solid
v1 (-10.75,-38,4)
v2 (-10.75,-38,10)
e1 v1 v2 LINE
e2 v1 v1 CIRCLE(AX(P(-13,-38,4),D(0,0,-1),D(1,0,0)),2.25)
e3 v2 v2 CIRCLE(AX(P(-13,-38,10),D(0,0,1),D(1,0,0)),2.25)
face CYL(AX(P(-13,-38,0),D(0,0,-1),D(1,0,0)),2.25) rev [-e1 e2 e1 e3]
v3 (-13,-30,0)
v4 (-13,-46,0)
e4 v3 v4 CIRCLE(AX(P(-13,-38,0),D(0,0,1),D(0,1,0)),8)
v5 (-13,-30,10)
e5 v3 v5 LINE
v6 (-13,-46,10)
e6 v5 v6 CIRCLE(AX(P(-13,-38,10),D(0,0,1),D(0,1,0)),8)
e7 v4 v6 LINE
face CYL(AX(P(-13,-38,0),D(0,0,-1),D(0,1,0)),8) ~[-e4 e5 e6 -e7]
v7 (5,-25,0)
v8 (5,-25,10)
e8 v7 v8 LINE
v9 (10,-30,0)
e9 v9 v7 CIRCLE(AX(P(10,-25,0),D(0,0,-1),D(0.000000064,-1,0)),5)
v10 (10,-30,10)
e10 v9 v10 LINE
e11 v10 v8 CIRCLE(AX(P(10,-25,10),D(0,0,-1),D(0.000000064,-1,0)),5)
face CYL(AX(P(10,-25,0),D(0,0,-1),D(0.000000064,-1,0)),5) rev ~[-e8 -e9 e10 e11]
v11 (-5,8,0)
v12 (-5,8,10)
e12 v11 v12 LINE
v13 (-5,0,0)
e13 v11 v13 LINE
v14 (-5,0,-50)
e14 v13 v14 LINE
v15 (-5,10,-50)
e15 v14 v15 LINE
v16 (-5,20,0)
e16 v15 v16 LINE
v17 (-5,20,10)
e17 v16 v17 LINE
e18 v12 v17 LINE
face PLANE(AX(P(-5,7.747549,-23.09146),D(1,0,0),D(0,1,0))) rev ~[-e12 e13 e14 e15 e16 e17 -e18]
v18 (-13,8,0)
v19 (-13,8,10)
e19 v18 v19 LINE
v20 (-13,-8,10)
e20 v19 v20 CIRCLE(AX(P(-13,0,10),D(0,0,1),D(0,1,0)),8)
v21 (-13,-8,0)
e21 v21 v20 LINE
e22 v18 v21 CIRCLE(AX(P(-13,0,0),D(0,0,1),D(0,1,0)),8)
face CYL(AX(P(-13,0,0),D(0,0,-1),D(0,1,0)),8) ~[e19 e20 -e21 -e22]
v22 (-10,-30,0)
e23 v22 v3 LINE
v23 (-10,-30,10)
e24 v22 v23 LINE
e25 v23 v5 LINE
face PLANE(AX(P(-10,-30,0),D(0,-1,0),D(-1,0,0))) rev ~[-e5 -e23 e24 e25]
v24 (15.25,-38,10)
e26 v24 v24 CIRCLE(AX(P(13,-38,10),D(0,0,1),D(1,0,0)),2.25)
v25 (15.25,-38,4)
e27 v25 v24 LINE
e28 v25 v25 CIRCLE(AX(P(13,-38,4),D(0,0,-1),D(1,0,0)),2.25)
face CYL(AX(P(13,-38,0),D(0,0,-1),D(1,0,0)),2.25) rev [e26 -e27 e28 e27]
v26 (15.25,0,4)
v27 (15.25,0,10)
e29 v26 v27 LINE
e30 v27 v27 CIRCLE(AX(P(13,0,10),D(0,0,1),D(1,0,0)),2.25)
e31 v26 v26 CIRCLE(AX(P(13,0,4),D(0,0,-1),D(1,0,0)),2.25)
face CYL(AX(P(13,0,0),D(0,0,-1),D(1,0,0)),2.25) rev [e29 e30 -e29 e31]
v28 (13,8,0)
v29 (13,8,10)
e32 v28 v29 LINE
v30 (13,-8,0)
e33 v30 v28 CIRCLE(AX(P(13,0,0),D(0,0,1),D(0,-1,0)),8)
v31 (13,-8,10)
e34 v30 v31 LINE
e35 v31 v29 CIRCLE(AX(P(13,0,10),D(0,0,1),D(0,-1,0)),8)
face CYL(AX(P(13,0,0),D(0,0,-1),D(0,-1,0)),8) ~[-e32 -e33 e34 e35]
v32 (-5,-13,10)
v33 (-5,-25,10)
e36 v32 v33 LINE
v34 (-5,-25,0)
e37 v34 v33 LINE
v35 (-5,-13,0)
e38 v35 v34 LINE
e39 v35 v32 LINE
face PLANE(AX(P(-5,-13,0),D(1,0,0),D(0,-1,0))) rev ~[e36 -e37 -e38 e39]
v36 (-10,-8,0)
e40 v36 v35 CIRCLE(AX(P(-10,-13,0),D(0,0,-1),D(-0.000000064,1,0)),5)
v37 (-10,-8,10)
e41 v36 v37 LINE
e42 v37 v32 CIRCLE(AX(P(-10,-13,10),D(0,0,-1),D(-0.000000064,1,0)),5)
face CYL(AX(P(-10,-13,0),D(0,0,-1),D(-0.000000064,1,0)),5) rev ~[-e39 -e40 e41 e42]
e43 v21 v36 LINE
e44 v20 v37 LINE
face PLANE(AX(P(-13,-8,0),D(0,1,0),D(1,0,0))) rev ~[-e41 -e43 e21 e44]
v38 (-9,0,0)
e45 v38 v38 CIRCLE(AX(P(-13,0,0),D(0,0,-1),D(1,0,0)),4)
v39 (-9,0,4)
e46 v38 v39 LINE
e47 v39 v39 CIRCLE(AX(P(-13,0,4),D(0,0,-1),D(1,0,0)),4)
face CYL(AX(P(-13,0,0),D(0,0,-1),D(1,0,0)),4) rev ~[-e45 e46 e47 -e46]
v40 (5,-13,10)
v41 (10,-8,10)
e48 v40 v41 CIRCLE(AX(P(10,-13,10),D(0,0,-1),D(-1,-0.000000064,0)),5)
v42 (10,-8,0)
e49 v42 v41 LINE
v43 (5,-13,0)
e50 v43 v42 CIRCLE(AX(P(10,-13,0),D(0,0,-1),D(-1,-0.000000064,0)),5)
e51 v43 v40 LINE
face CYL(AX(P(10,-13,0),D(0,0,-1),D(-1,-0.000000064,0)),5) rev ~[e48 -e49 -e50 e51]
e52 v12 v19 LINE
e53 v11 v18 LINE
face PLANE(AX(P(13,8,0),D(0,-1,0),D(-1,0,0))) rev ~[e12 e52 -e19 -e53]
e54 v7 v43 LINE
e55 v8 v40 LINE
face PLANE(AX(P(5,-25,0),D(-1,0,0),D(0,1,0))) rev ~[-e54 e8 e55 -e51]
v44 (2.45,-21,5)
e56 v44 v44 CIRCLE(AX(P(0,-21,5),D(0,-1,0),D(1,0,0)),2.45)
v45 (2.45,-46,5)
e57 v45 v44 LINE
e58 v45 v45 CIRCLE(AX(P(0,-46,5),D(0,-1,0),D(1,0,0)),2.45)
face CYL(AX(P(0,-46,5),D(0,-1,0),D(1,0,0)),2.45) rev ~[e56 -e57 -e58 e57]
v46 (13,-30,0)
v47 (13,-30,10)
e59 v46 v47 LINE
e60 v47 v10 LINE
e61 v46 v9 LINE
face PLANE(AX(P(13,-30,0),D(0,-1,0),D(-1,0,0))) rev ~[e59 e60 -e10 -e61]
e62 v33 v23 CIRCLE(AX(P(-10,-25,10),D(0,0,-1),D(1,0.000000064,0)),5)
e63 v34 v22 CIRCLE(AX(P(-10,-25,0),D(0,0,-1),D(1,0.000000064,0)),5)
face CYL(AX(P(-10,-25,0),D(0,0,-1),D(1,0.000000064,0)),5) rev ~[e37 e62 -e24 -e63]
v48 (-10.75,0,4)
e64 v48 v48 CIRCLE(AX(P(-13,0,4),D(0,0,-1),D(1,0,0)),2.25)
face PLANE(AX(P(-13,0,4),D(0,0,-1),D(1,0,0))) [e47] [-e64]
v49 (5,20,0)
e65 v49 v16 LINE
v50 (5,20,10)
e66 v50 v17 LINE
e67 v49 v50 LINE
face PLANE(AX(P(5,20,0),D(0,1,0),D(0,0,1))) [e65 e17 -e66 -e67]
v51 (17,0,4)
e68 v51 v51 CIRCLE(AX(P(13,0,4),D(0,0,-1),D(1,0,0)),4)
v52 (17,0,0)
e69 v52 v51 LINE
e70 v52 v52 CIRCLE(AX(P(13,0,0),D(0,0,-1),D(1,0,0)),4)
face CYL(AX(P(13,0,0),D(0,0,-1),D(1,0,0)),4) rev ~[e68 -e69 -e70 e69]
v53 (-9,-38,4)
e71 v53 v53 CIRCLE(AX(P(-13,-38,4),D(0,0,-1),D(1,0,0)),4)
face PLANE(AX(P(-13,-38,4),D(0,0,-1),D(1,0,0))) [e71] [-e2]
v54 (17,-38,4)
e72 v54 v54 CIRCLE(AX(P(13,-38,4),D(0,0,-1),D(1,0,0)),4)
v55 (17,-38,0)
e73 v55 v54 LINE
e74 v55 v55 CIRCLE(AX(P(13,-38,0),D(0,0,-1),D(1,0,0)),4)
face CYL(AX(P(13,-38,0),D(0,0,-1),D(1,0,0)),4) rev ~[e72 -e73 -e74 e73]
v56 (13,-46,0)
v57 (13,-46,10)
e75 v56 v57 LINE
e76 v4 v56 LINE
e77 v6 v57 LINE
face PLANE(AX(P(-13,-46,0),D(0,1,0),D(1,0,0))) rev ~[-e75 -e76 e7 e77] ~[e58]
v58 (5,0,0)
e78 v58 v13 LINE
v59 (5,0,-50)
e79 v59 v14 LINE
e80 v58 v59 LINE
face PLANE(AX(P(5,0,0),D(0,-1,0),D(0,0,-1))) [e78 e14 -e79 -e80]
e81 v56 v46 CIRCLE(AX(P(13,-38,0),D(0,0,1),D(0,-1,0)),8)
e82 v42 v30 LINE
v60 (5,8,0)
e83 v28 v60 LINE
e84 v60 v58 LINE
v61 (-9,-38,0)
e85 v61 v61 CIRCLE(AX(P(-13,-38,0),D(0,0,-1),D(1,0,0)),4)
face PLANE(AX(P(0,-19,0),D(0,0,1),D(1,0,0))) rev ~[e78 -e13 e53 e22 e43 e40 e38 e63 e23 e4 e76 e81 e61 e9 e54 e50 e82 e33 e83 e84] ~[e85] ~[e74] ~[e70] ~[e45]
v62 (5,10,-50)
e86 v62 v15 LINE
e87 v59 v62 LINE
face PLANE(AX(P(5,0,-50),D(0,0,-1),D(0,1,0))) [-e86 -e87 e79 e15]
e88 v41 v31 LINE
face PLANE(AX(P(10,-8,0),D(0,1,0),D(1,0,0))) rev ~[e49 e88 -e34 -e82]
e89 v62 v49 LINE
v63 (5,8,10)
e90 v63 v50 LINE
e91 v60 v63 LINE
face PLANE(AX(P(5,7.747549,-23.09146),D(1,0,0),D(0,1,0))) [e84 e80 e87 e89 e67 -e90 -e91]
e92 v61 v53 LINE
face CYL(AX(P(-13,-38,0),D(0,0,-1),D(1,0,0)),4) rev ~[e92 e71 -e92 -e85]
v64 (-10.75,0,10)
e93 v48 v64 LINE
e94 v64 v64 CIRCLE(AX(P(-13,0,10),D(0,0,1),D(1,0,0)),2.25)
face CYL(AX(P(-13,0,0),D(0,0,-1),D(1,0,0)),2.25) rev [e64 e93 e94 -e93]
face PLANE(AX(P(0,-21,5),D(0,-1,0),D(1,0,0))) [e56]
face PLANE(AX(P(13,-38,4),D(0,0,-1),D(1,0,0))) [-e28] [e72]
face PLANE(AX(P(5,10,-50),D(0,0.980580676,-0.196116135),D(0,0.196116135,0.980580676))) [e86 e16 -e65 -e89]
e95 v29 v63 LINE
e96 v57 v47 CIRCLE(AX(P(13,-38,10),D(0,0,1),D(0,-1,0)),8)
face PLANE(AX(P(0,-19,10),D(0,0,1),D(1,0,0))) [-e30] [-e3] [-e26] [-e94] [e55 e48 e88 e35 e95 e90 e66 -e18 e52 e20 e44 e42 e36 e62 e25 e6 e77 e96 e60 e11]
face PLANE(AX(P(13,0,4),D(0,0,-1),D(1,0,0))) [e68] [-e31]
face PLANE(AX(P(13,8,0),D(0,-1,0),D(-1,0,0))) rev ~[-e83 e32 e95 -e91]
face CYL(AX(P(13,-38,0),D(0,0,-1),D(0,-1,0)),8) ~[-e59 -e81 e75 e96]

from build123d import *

# Parameters (mm, degrees)
F0_R     = 2.25
F1_DEPTH = 10
F2_W     = 12
F2_H     = 10
F3_DEPTH = 10
F4_R     = 2.45
F5_DEPTH = 25
F6_R     = 4
F7_DEPTH = 4


with BuildPart() as f1:
    # F0 (on Top) → F1 (new body)
    with BuildSketch(Plane.XY):
        with BuildLine():
            Line((13, 8), (0, 8))
            Line((0, 8), (-13, 8))
            ThreePointArc((-13, 8), (-21, 0), (-13, -8))
            Line((-13, -8), (-10, -8))
            ThreePointArc((-10, -8), (-6.464466, -9.464466), (-5, -13))
            Line((-5, -13), (-5, -25))
            ThreePointArc((-5, -25), (-6.464466, -28.535534), (-10, -30))
            Line((-10, -30), (-13, -30))
            ThreePointArc((-13, -30), (-21, -38), (-13, -46))
            Line((-13, -46), (0, -46))
            Line((0, -46), (13, -46))
            ThreePointArc((13, -46), (21, -38), (13, -30))
            Line((13, -30), (10, -30))
            ThreePointArc((10, -30), (6.464466, -28.535534), (5, -25))
            Line((5, -25), (5, -13))
            ThreePointArc((5, -13), (6.464466, -9.464466), (10, -8))
            Line((10, -8), (13, -8))
            ThreePointArc((13, -8), (21, 0), (13, 8))
        make_face()
        with Locations((-13, -38)):
            Circle(F0_R, mode=Mode.SUBTRACT)
        with Locations((13, -38)):
            Circle(F0_R, mode=Mode.SUBTRACT)
        with Locations((-13, 0)):
            Circle(F0_R, mode=Mode.SUBTRACT)
        with Locations((13, 0)):
            Circle(F0_R, mode=Mode.SUBTRACT)
    extrude(amount=F1_DEPTH)

    # F2 (on face) → F3 (join)
    with BuildSketch(Plane.YZ.offset(5)):
        Polygon((8, 0), (0, 0), (0, -50), (10, -50), (20, 0), align=None)
        with Locations((14, 5)):
            Rectangle(F2_W, F2_H)
    extrude(amount=-F3_DEPTH)

    # F4 (on face) → F5 (cut)
    with BuildSketch(Plane.XZ.offset(46)):
        with Locations((0, 5)):
            Circle(F4_R)
    extrude(amount=-F5_DEPTH, mode=Mode.SUBTRACT)

    # F6 (on face) → F7 (cut)
    with BuildSketch(Plane(origin=(0, 0, 0), x_dir=(1, 0, 0), z_dir=(0, 0, -1))):
        with Locations((13, 0)):
            Circle(F6_R)
        with Locations((-13, 0)):
            Circle(F6_R)
        with Locations((-13, 38)):
            Circle(F6_R)
        with Locations((13, 38)):
            Circle(F6_R)
    extrude(amount=-F7_DEPTH, mode=Mode.SUBTRACT)


solid = f1.part
